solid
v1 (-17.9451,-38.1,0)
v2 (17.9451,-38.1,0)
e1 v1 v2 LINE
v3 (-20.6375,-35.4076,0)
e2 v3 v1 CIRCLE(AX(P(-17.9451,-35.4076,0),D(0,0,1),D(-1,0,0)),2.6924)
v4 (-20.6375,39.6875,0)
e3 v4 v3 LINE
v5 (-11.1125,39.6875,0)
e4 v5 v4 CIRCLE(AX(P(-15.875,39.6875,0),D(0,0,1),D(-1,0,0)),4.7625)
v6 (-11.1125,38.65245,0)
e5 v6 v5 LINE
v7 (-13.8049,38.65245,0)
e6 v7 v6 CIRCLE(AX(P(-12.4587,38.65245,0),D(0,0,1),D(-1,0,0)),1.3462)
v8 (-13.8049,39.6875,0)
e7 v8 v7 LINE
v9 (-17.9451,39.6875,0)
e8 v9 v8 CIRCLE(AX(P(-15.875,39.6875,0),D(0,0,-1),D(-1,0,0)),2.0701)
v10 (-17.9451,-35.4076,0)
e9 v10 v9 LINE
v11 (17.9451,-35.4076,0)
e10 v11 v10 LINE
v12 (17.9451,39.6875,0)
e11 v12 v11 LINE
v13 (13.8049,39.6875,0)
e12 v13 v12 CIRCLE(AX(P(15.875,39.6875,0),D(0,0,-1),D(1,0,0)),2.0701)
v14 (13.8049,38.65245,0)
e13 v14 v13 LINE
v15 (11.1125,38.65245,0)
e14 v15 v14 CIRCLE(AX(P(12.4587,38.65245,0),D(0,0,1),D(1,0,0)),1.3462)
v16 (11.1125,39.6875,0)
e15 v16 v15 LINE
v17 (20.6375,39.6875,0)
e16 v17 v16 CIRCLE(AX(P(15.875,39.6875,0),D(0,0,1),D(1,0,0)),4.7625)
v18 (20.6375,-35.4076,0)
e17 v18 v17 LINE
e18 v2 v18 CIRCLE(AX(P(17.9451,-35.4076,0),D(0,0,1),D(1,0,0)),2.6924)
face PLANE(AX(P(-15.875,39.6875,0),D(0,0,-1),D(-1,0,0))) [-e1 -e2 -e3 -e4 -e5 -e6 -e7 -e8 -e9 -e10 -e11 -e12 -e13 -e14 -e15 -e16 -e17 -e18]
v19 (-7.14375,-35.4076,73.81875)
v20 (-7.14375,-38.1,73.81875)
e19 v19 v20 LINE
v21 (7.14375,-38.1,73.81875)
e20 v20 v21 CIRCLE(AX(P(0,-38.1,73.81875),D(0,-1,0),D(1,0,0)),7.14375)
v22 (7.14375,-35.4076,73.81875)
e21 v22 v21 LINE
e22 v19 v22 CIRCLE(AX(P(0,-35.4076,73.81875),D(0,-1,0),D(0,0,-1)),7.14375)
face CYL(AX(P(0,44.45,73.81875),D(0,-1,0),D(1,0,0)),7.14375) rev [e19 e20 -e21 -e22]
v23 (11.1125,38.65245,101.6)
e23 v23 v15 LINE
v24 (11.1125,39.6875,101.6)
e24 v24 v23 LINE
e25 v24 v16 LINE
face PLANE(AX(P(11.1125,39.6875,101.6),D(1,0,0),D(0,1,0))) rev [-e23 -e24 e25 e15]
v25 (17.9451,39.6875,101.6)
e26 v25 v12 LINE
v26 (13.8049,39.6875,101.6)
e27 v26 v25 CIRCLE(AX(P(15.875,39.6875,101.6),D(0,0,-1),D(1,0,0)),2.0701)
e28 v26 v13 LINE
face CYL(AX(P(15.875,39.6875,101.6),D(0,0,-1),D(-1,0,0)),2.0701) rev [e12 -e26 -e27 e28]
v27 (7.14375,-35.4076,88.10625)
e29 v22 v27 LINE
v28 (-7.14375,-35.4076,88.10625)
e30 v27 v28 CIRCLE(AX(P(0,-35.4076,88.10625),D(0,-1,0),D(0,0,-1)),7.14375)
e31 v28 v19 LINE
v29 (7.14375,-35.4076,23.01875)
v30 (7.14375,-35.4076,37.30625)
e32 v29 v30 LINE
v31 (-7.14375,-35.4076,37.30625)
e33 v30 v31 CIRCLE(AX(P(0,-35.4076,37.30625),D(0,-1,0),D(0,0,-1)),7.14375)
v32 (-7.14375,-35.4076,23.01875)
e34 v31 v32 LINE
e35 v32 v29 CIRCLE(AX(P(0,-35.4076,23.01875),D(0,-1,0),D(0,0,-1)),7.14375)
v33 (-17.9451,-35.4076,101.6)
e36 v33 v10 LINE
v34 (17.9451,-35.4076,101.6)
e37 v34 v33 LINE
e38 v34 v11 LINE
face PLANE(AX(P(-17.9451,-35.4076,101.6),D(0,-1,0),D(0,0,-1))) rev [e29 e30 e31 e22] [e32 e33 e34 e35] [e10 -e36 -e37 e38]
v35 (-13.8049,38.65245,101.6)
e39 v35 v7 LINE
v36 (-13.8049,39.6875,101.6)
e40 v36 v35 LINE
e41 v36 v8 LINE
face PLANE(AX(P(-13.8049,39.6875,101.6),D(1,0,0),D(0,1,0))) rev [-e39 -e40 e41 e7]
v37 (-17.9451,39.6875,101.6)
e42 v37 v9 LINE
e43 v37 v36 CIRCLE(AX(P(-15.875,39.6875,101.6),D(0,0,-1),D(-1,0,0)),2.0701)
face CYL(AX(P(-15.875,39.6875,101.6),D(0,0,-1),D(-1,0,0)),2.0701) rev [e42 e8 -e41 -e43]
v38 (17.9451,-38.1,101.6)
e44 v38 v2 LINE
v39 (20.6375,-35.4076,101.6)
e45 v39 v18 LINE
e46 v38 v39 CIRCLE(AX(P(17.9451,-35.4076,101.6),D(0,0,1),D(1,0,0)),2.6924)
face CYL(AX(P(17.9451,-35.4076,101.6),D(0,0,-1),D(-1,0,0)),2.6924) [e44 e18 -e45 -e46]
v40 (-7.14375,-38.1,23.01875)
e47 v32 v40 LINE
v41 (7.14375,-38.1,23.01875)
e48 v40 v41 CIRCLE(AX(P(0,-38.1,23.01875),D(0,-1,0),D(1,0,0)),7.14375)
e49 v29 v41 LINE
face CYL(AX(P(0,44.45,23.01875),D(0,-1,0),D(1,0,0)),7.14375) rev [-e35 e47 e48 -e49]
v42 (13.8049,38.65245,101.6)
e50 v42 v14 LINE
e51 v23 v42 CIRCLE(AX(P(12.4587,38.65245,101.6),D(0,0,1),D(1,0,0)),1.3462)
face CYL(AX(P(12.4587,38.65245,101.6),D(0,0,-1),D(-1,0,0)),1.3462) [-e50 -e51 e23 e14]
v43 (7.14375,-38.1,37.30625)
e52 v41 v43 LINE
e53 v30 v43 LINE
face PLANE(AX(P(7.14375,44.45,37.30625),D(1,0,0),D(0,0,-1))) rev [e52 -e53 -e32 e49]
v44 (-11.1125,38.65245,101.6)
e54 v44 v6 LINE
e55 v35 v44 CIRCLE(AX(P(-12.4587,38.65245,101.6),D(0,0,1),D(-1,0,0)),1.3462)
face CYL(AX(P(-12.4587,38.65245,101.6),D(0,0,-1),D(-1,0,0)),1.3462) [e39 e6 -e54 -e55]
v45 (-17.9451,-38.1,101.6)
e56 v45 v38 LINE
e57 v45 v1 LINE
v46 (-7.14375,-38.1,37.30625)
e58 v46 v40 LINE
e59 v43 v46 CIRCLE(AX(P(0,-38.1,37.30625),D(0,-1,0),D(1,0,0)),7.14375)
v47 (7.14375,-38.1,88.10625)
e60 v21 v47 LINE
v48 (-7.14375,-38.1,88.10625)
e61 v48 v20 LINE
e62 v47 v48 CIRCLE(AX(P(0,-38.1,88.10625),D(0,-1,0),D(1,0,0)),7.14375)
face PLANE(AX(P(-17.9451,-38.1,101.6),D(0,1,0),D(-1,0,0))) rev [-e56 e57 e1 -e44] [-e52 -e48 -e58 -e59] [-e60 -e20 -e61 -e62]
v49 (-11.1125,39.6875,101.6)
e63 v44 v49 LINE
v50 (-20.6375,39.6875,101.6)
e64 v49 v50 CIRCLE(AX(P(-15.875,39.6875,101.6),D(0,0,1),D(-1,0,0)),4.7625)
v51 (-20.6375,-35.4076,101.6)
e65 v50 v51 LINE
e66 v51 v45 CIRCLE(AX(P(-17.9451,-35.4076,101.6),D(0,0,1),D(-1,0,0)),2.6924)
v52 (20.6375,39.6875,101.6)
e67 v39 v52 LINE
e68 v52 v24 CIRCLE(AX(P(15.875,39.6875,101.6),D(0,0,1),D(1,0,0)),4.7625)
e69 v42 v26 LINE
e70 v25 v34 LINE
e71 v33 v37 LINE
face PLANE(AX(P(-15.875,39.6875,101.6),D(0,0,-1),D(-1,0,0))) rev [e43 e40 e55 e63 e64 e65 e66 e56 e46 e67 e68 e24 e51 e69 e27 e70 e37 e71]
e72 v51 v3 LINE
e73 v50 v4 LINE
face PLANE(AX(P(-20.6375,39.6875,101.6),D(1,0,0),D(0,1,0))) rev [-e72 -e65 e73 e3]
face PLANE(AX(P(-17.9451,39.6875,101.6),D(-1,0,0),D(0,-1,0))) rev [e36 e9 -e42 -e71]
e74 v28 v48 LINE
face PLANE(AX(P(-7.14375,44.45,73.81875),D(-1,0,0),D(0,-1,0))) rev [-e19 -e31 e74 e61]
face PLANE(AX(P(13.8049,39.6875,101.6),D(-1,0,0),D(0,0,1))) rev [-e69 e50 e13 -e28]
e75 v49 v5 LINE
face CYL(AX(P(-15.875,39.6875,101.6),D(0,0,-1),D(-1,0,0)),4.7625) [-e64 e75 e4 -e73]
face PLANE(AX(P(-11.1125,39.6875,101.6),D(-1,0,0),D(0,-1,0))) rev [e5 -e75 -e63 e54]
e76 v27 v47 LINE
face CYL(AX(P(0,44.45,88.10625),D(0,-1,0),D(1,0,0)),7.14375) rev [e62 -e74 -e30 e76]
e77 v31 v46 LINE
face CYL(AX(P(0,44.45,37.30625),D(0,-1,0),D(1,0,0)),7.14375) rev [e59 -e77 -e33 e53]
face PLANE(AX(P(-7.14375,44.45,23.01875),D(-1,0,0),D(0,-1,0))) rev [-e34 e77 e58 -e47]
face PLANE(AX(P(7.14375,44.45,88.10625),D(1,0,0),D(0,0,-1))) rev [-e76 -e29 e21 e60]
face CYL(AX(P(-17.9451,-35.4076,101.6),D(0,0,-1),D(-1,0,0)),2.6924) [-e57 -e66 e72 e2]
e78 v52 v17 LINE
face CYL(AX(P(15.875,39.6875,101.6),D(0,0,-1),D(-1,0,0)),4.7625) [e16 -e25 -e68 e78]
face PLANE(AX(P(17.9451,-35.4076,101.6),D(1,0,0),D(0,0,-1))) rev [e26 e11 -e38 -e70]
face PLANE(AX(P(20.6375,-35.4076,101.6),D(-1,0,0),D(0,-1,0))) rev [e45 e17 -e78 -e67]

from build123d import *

# Parameters (mm, degrees)
BASE_EXTRUDE_DEPTH = 101.6
SLOT_DEPTH         = 145.160282621
LPATTERN1_COUNT    = 2
LPATTERN1_PITCH    = 50.8


with BuildPart() as part:
    # Sketch1 → Base-Extrude (new body)
    with BuildSketch(Plane.XY):
        with BuildLine():
            Line((-20.6375, 39.6875), (-20.6375, -35.4076))
            ThreePointArc((-20.6375, -35.4076), (-19.848914298, -37.311414298), (-17.9451, -38.1))
            Line((-17.9451, -38.1), (17.9451, -38.1))
            ThreePointArc((17.9451, -38.1), (19.848914298, -37.311414298), (20.6375, -35.4076))
            Line((20.6375, -35.4076), (20.6375, 39.6875))
            ThreePointArc((20.6375, 39.6875), (15.875, 44.45), (11.1125, 39.6875))
            Line((11.1125, 39.6875), (11.1125, 38.65245))
            ThreePointArc((11.1125, 38.65245), (12.4587, 37.30625), (13.8049, 38.65245))
            Line((13.8049, 38.65245), (13.8049, 39.6875))
            ThreePointArc((13.8049, 39.6875), (15.875, 41.7576), (17.9451, 39.6875))
            Line((17.9451, 39.6875), (17.9451, -35.4076))
            Line((17.9451, -35.4076), (-17.9451, -35.4076))
            Line((-17.9451, -35.4076), (-17.9451, 39.6875))
            ThreePointArc((-17.9451, 39.6875), (-15.875, 41.7576), (-13.8049, 39.6875))
            Line((-13.8049, 39.6875), (-13.8049, 38.65245))
            ThreePointArc((-13.8049, 38.65245), (-12.4587, 37.30625), (-11.1125, 38.65245))
            Line((-11.1125, 38.65245), (-11.1125, 39.6875))
            ThreePointArc((-11.1125, 39.6875), (-15.875, 44.45), (-20.6375, 39.6875))
        make_face()
    extrude(amount=BASE_EXTRUDE_DEPTH)

    # Sketch2 → Slot (cut, through all)
    with BuildSketch(Plane(origin=(-0.560706402, -38.1, -14.668313098), x_dir=(1, 0, 0), z_dir=(0, -1, 0))):
        with BuildLine():
            Line((7.704456402, 51.974563098), (7.704456402, 37.687063098))
            ThreePointArc((7.704456402, 37.687063098), (0.560706402, 30.543313098), (-6.583043598, 37.687063098))
            Line((-6.583043598, 37.687063098), (-6.583043598, 51.974563098))
            ThreePointArc((-6.583043598, 51.974563098), (0.560706402, 59.118313098), (7.704456402, 51.974563098))
        make_face()
    slot = extrude(amount=-SLOT_DEPTH, mode=Mode.SUBTRACT)

    # LPattern1: Slot ×2
    with Locations(*[(0, 0, i * LPATTERN1_PITCH) for i in range(1, LPATTERN1_COUNT)]):
        add(slot, mode=Mode.SUBTRACT)


solid = part.part
